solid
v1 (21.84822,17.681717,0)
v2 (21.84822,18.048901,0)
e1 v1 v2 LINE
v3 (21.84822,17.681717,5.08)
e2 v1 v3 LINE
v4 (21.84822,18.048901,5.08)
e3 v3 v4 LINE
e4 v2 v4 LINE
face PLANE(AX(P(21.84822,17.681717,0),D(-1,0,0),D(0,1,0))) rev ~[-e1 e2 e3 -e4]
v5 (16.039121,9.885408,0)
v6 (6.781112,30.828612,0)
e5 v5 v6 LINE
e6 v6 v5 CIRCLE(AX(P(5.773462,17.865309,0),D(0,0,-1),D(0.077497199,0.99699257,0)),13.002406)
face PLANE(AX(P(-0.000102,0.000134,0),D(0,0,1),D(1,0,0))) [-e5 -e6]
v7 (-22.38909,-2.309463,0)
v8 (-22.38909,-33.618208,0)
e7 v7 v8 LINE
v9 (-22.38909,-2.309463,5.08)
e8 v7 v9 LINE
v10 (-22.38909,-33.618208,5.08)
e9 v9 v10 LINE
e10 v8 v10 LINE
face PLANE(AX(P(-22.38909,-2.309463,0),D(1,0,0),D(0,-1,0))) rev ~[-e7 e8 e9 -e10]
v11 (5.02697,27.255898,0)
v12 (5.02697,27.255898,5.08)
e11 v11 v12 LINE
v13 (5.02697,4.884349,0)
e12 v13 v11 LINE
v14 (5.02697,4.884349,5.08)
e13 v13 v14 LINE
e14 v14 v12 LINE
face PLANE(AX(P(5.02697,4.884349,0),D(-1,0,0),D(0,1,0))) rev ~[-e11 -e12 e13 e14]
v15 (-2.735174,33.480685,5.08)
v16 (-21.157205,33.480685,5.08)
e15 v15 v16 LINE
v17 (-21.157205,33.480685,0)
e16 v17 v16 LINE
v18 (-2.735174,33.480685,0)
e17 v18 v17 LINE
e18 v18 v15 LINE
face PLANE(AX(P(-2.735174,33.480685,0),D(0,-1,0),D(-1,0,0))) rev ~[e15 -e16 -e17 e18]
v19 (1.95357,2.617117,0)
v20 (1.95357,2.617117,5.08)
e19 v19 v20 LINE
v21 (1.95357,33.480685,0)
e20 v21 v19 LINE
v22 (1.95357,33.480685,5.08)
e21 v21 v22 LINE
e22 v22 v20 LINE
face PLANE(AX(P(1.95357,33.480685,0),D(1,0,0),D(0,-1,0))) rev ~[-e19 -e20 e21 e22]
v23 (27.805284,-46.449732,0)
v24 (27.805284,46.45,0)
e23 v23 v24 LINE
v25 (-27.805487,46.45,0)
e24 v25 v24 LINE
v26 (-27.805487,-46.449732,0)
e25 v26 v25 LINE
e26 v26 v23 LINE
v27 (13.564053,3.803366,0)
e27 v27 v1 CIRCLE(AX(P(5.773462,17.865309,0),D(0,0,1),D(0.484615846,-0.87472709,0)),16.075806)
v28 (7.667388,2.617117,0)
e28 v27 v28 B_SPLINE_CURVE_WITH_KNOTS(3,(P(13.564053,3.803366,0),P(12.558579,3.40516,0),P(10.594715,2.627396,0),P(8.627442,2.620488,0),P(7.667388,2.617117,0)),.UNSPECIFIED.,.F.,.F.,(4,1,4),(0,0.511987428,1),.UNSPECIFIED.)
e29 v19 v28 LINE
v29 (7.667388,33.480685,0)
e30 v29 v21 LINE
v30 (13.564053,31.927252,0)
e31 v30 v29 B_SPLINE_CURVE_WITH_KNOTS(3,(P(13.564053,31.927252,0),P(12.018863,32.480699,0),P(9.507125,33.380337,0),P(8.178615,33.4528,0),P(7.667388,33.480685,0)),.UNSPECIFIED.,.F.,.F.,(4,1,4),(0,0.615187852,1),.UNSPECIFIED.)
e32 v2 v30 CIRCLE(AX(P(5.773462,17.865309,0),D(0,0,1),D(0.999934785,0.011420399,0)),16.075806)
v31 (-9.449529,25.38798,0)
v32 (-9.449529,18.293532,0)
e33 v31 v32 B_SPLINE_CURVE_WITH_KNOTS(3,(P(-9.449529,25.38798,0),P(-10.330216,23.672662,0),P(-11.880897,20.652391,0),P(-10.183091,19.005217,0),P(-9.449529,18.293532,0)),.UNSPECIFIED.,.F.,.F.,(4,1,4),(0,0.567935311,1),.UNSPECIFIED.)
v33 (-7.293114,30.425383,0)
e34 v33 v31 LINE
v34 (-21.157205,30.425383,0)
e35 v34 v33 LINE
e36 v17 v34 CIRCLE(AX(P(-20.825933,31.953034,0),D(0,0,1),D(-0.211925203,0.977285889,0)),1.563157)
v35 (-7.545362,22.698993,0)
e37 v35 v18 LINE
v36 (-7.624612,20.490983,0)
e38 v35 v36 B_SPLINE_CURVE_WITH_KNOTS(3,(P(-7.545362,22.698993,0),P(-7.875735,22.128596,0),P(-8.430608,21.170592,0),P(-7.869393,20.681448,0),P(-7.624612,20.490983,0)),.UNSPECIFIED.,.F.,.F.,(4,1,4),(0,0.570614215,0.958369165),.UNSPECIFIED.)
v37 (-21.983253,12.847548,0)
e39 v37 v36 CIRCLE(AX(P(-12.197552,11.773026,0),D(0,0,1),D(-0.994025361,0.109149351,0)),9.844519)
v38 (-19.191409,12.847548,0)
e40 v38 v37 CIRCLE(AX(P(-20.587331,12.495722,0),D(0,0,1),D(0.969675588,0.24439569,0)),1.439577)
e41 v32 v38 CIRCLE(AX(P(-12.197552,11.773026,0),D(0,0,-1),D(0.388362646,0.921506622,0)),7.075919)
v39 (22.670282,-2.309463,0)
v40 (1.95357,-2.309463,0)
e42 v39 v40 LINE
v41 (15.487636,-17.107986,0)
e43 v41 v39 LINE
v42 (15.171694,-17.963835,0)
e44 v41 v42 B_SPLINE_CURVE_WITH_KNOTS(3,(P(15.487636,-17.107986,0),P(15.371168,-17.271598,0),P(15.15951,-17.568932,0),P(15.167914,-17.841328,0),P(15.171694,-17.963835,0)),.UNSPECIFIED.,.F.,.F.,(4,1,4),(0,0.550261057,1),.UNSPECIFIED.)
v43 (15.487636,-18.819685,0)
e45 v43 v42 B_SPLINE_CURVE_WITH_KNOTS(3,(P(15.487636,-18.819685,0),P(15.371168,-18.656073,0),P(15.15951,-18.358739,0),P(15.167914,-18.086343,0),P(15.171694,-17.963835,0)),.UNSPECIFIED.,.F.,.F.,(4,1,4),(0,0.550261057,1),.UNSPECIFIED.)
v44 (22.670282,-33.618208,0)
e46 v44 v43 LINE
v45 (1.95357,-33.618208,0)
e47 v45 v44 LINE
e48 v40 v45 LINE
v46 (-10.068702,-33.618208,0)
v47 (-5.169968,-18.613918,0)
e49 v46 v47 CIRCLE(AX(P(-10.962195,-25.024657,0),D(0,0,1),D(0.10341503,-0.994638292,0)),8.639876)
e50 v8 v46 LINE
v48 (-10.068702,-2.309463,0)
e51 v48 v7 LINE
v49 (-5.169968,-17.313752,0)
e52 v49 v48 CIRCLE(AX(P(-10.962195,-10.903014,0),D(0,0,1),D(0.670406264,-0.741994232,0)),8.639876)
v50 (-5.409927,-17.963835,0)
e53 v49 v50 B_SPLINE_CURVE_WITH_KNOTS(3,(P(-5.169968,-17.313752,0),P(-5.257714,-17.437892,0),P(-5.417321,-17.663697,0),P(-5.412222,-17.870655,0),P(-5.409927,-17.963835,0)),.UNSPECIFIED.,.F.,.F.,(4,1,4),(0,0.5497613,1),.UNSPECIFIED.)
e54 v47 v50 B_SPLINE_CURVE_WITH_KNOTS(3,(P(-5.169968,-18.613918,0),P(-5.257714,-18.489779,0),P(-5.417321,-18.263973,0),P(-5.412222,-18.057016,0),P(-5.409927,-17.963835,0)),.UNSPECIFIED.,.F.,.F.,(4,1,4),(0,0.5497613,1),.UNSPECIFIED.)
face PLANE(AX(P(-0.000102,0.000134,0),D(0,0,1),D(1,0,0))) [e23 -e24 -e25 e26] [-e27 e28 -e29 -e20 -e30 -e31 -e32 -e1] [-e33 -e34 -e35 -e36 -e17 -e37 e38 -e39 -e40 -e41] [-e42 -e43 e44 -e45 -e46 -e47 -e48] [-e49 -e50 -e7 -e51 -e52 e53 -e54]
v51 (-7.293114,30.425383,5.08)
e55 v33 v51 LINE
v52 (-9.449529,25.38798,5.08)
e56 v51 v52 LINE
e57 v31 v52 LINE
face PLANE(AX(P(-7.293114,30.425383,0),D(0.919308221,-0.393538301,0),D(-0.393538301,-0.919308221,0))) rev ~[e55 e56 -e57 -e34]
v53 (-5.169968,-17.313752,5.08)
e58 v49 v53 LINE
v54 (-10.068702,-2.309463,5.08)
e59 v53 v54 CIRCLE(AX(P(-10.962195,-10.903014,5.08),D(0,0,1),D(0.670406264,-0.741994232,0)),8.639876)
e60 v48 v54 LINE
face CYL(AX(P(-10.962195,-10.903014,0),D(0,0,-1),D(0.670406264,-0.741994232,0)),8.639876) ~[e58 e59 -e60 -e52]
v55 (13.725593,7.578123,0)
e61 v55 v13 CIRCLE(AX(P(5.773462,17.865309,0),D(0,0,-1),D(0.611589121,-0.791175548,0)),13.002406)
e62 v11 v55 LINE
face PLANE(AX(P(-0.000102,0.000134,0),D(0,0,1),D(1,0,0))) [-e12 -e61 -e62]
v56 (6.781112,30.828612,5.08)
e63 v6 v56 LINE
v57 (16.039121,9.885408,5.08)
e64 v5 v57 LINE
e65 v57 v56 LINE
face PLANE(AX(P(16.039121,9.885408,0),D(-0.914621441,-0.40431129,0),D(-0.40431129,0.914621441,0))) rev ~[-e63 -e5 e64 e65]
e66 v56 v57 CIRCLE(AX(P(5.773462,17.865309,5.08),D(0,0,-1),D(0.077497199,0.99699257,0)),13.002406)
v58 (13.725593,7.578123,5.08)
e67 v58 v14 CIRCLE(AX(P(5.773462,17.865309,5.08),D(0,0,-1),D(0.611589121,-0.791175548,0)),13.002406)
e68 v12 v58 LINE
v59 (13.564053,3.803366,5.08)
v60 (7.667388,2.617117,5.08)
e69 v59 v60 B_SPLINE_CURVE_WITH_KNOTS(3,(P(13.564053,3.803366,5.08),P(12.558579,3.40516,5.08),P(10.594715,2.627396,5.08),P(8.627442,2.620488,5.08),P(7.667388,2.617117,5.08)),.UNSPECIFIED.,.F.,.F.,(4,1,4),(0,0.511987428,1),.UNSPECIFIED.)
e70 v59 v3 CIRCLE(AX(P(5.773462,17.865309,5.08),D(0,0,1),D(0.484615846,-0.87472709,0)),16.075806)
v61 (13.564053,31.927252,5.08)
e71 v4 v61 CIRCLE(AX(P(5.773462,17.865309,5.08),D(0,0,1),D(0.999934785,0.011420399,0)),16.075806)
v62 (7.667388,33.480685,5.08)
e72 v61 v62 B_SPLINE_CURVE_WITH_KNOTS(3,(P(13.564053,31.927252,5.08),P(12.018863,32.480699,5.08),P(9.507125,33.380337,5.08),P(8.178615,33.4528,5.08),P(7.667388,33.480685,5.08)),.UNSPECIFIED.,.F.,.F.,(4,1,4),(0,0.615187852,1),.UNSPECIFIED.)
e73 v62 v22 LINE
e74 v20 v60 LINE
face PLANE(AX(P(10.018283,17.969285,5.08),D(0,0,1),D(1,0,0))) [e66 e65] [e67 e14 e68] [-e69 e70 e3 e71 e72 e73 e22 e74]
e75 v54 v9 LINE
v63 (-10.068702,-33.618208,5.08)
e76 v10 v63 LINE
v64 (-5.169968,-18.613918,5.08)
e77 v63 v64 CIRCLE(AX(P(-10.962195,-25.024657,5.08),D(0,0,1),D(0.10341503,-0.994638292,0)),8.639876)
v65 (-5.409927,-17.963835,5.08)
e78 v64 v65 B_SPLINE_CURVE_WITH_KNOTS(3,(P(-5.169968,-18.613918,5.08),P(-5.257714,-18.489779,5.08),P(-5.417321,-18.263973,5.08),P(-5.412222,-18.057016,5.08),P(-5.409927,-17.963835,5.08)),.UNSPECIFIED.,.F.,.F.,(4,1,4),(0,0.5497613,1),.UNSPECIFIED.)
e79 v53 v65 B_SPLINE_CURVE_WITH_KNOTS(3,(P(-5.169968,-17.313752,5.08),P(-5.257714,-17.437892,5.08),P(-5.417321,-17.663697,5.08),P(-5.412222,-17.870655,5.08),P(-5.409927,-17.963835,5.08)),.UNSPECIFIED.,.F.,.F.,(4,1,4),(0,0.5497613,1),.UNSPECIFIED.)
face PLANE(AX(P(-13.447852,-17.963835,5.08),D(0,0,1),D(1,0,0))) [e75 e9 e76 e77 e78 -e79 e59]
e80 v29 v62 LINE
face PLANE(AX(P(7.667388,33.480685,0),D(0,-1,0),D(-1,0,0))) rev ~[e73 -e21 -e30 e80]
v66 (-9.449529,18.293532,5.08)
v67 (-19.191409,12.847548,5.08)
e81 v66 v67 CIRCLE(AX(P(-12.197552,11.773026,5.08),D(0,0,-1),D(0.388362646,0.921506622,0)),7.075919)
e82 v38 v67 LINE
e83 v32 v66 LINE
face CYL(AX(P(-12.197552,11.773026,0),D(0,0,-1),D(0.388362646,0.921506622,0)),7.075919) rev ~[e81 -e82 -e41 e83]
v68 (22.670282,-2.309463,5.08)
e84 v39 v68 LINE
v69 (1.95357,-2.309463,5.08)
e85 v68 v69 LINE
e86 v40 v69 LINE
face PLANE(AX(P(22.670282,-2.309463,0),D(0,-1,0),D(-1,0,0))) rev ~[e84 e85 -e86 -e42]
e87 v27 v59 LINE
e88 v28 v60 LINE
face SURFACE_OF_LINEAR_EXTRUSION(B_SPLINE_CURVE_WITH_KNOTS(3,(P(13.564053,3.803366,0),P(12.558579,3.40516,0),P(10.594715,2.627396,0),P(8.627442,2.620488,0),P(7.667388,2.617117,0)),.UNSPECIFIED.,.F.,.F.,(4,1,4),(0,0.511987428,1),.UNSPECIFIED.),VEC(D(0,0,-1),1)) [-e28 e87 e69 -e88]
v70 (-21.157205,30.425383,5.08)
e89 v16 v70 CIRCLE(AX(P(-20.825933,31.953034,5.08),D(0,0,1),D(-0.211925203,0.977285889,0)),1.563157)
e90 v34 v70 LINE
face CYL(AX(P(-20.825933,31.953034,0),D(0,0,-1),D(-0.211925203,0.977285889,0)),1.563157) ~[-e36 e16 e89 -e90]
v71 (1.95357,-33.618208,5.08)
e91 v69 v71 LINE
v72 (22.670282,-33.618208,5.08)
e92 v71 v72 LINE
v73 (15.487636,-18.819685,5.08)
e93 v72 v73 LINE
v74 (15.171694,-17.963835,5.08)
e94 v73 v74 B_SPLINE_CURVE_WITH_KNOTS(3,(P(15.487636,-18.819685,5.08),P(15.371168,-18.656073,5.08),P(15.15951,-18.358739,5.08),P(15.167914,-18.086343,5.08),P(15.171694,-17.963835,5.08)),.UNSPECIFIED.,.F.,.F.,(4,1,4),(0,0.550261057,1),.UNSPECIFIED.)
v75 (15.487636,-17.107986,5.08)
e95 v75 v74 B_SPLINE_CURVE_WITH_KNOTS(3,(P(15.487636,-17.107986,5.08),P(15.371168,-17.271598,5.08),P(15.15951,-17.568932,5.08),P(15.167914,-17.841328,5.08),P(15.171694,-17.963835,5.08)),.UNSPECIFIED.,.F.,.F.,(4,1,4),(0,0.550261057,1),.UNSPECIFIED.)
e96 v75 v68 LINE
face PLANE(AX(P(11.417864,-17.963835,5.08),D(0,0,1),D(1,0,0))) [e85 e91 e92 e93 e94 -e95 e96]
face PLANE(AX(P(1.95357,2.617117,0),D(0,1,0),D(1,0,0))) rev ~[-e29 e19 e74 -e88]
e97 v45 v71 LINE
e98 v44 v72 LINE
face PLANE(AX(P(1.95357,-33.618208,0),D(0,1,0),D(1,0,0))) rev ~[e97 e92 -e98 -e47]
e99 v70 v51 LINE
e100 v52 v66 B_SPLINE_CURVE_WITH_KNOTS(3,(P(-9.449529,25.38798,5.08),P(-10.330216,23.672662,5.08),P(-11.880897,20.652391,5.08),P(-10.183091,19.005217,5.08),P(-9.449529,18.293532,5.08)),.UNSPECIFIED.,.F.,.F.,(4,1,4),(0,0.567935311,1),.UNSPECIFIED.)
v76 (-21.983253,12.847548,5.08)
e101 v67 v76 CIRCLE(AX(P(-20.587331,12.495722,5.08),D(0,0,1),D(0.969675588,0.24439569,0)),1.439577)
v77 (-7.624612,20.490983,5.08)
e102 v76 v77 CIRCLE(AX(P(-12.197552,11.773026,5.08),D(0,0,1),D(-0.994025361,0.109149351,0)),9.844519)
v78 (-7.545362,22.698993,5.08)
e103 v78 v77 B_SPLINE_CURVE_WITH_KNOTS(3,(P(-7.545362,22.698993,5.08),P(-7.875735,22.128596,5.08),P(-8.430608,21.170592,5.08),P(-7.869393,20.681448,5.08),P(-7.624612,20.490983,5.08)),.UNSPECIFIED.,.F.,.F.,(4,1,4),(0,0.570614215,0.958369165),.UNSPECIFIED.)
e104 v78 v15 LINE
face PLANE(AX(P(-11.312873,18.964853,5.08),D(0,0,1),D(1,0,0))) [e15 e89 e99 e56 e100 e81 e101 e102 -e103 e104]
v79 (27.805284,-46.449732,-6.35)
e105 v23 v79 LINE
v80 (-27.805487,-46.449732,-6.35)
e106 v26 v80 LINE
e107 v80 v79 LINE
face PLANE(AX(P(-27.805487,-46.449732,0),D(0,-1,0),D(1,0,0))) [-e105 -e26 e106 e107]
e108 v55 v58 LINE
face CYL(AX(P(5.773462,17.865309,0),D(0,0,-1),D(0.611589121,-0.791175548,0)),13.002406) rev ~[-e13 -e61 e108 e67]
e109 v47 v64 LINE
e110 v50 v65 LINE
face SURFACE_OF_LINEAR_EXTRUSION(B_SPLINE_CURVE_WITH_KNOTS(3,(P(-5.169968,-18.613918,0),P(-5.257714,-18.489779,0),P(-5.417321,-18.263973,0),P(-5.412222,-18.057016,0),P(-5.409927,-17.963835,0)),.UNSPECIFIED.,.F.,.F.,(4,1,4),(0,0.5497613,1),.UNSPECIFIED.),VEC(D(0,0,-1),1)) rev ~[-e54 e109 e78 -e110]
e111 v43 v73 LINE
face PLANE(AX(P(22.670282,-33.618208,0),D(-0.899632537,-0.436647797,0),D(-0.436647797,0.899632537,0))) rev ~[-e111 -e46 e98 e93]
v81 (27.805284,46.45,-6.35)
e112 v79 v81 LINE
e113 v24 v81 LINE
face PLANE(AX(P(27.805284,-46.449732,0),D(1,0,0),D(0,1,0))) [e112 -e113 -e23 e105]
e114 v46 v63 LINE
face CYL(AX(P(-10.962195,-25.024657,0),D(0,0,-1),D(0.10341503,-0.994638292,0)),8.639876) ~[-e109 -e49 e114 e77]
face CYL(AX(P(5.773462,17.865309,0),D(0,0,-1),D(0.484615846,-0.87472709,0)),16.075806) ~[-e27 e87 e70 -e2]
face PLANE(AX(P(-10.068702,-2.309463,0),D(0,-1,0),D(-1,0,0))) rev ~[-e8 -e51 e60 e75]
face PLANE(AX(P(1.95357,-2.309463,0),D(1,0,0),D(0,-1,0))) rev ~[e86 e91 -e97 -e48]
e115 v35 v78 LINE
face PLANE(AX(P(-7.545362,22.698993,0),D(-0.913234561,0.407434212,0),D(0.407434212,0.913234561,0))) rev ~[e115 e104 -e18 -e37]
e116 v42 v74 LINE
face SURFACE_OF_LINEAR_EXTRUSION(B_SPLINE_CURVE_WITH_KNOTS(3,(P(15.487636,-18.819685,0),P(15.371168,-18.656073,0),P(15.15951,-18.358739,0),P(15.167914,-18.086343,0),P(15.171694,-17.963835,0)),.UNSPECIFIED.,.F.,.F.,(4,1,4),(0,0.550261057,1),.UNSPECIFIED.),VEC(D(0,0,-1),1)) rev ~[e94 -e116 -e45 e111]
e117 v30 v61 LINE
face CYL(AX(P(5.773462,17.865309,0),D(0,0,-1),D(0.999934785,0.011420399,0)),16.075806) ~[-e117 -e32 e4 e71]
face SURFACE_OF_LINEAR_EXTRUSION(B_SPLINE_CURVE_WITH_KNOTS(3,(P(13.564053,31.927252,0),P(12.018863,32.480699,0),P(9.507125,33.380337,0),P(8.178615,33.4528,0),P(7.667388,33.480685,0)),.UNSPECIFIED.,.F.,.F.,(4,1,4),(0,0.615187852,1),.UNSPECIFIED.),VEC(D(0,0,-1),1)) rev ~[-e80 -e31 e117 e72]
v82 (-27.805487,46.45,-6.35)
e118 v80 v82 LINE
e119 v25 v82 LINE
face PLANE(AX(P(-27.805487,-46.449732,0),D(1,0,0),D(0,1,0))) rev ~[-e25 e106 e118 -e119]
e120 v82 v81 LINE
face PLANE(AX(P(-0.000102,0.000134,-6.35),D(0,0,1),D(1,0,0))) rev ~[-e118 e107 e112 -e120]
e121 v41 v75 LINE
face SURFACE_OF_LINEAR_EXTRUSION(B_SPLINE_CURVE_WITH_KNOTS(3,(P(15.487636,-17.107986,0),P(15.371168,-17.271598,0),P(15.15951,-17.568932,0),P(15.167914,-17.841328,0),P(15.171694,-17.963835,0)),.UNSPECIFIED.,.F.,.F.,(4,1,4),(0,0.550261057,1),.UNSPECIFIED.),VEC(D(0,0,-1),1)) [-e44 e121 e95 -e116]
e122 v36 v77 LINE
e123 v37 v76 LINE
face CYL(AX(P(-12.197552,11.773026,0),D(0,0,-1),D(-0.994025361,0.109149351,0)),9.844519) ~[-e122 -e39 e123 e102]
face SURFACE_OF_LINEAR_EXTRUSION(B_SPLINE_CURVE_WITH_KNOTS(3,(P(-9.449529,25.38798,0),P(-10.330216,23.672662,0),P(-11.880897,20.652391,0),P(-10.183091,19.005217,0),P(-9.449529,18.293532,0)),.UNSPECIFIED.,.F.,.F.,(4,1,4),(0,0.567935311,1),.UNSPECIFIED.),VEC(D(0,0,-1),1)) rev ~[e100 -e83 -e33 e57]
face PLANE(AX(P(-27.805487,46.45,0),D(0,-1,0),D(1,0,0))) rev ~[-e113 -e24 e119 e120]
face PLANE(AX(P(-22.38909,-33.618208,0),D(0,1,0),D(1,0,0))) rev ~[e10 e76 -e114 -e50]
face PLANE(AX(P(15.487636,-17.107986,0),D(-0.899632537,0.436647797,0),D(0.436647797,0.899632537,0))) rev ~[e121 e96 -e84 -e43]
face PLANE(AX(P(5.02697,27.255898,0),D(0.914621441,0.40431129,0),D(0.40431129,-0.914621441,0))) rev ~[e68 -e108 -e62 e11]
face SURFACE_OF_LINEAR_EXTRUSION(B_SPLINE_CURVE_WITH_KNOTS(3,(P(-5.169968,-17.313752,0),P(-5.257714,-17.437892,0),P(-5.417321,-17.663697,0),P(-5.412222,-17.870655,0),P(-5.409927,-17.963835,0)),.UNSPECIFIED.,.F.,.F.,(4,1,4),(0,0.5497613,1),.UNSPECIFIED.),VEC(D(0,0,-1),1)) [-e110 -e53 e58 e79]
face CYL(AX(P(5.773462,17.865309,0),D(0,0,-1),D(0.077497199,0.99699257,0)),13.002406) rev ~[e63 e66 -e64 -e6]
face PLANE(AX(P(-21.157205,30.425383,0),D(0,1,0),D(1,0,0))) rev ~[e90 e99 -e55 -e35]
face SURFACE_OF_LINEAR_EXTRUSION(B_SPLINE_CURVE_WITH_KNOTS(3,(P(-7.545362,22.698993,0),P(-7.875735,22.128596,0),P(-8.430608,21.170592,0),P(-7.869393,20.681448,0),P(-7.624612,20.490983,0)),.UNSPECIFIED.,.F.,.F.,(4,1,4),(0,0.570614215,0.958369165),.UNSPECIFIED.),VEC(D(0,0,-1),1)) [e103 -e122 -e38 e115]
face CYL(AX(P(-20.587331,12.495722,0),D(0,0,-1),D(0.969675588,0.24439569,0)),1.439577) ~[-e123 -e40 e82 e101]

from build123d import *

# Parameters (mm, degrees)
F1_W     = 55.6107703596
F1_H     = 92.8997322917
F2_DEPTH = 6.35
F3_DEPTH = 5.08


with BuildPart() as f2:
    # F1 (on Top) → F2 (new body)
    with BuildSketch(Plane.XY):
        with Locations((-0.0001015142, 0.0001341105)):
            Rectangle(F1_W, F1_H)
    extrude(amount=-F2_DEPTH)

    # F0 (on Top) → F3 (join)
    with BuildSketch(Plane.XY):
        with BuildLine():
            Line((1.9535701722, 33.4806852043), (1.9535701722, 2.6171170175))
            Line((1.9535701722, 2.6171170175), (7.6673883013, 2.6171170175))
            add(Edge.make_bspline(
                [(13.5640528841, 3.8033656441), (12.5585792201, 3.4051600509), (10.5947152477, 2.6273956539), (8.6274422547, 2.6204880265), (7.6673883013, 2.6171170175)],
                knots=[0, 0, 0, 0, 0.5119874279, 1, 1, 1, 1], degree=3))
            ThreePointArc((13.5640528841, 3.8033656441), (19.5771167094, 9.6257290209), (21.8482203782, 17.6817168551))
            Line((21.8482203782, 17.6817168551), (21.8482203782, 18.0489011109))
            ThreePointArc((21.8482203782, 18.0489011109), (19.5771167094, 26.1048889451), (13.5640528841, 31.9272523219))
            add(Edge.make_bspline(
                [(13.5640528841, 31.9272523219), (12.0188625137, 32.4806988664), (9.5071250594, 33.3803371514), (8.1786150797, 33.4528004476), (7.6673883013, 33.4806852043)],
                knots=[0, 0, 0, 0, 0.6151878524, 1, 1, 1, 1], degree=3))
            Line((7.6673883013, 33.4806852043), (1.9535701722, 33.4806852043))
        make_face()
        with BuildLine():
            ThreePointArc((13.7255926495, 7.5781230036), (9.6198125415, 5.4448354943), (5.0269701927, 4.8843490524))
            Line((5.0269701927, 4.8843490524), (5.0269701927, 27.2558980547))
            Line((5.0269701927, 27.2558980547), (13.7255926495, 7.5781230036))
        make_face(mode=Mode.SUBTRACT)
        with BuildLine():
            ThreePointArc((6.7811124511, 30.8286115181), (17.6657420253, 23.1223286699), (16.0391214303, 9.8854082672))
            Line((16.0391214303, 9.8854082672), (6.7811124511, 30.8286115181))
        make_face(mode=Mode.SUBTRACT)
        with BuildLine():
            Line((-7.5453622267, 22.6989928633), (-2.7351737954, 33.4806852043))
            Line((-2.7351737954, 33.4806852043), (-21.1572051048, 33.4806852043))
            ThreePointArc((-21.1572051048, 33.4806852043), (-22.3890896886, 31.9530339911), (-21.1572051048, 30.425382778))
            Line((-21.1572051048, 30.425382778), (-7.2931135073, 30.425382778))
            Line((-7.2931135073, 30.425382778), (-9.4495294616, 25.3879800439))
            add(Edge.make_bspline(
                [(-9.4495294616, 25.3879800439), (-10.3302159731, 23.6726618568), (-11.8808970013, 20.6523914937), (-10.1830913379, 19.0052173822), (-9.4495294616, 18.2935316116)],
                knots=[0, 0, 0, 0, 0.5679353107, 1, 1, 1, 1], degree=3))
            ThreePointArc((-9.4495294616, 18.2935316116), (-8.744805336, 5.5966861339), (-19.1914085299, 12.8475483507))
            ThreePointArc((-19.1914085299, 12.8475483507), (-20.5873309935, 13.9352987723), (-21.9832534571, 12.8475483507))
            ThreePointArc((-21.9832534571, 12.8475483507), (-7.5716745464, 3.0830422585), (-7.6246123494, 20.4909825018))
            add(Edge.make_bspline(
                [(-7.5453622267, 22.6989928633), (-7.8757345138, 22.1285959519), (-8.4306078493, 21.1705917574), (-7.8693930702, 20.681447967), (-7.6246123494, 20.4909825018)],
                knots=[0, 0, 0, 0, 0.5706142153, 0.9583691649, 0.9583691649, 0.9583691649, 0.9583691649], degree=3))
        make_face()
        with BuildLine():
            Line((1.9535701722, -33.6182080209), (21.8482203782, -33.6182080209))
            Line((21.8482203782, -33.6182080209), (22.670282051, -33.6182080209))
            Line((22.670282051, -33.6182080209), (15.4876355082, -18.8196848612))
            add(Edge.make_bspline(
                [(15.4876355082, -18.8196848612), (15.371168109, -18.6560732739), (15.159509665, -18.3587387901), (15.1679139181, -18.0863425739), (15.171693638, -17.9638353875)],
                knots=[0, 0, 0, 0, 0.550261057, 1, 1, 1, 1], degree=3))
            add(Edge.make_bspline(
                [(15.4876355082, -17.1079859138), (15.371168109, -17.2715975011), (15.159509665, -17.5689319849), (15.1679139181, -17.8413282011), (15.171693638, -17.9638353875)],
                knots=[0, 0, 0, 0, 0.550261057, 1, 1, 1, 1], degree=3))
            Line((15.4876355082, -17.1079859138), (22.670282051, -2.3094627541))
            Line((22.670282051, -2.3094627541), (1.9535701722, -2.3094627541))
            Line((1.9535701722, -2.3094627541), (1.9535701722, -33.6182080209))
        make_face()
        with BuildLine():
            Line((-22.3890896886, -2.3094627541), (-22.3890896886, -33.6182080209))
            Line((-22.3890896886, -33.6182080209), (-10.0687015802, -33.6182080209))
            ThreePointArc((-10.0687015802, -33.6182080209), (-2.7489802993, -27.706179837), (-5.1699676551, -18.6139184516))
            add(Edge.make_bspline(
                [(-5.1699676551, -18.6139184516), (-5.2577137292, -18.4897791328), (-5.4173213156, -18.2639732804), (-5.4122223799, -18.0570156997), (-5.4099266417, -17.9638353875)],
                knots=[0, 0, 0, 0, 0.5497612996, 1, 1, 1, 1], degree=3))
            add(Edge.make_bspline(
                [(-5.1699676551, -17.3137523234), (-5.2577137292, -17.4378916422), (-5.4173213156, -17.6636974946), (-5.4122223799, -17.8706550753), (-5.4099266417, -17.9638353875)],
                knots=[0, 0, 0, 0, 0.5497612996, 1, 1, 1, 1], degree=3))
            ThreePointArc((-5.1699676551, -17.3137523234), (-2.7489802993, -8.221490938), (-10.0687015802, -2.3094627541))
            Line((-10.0687015802, -2.3094627541), (-22.3890896886, -2.3094627541))
        make_face()
    extrude(amount=F3_DEPTH)


solid = f2.part
